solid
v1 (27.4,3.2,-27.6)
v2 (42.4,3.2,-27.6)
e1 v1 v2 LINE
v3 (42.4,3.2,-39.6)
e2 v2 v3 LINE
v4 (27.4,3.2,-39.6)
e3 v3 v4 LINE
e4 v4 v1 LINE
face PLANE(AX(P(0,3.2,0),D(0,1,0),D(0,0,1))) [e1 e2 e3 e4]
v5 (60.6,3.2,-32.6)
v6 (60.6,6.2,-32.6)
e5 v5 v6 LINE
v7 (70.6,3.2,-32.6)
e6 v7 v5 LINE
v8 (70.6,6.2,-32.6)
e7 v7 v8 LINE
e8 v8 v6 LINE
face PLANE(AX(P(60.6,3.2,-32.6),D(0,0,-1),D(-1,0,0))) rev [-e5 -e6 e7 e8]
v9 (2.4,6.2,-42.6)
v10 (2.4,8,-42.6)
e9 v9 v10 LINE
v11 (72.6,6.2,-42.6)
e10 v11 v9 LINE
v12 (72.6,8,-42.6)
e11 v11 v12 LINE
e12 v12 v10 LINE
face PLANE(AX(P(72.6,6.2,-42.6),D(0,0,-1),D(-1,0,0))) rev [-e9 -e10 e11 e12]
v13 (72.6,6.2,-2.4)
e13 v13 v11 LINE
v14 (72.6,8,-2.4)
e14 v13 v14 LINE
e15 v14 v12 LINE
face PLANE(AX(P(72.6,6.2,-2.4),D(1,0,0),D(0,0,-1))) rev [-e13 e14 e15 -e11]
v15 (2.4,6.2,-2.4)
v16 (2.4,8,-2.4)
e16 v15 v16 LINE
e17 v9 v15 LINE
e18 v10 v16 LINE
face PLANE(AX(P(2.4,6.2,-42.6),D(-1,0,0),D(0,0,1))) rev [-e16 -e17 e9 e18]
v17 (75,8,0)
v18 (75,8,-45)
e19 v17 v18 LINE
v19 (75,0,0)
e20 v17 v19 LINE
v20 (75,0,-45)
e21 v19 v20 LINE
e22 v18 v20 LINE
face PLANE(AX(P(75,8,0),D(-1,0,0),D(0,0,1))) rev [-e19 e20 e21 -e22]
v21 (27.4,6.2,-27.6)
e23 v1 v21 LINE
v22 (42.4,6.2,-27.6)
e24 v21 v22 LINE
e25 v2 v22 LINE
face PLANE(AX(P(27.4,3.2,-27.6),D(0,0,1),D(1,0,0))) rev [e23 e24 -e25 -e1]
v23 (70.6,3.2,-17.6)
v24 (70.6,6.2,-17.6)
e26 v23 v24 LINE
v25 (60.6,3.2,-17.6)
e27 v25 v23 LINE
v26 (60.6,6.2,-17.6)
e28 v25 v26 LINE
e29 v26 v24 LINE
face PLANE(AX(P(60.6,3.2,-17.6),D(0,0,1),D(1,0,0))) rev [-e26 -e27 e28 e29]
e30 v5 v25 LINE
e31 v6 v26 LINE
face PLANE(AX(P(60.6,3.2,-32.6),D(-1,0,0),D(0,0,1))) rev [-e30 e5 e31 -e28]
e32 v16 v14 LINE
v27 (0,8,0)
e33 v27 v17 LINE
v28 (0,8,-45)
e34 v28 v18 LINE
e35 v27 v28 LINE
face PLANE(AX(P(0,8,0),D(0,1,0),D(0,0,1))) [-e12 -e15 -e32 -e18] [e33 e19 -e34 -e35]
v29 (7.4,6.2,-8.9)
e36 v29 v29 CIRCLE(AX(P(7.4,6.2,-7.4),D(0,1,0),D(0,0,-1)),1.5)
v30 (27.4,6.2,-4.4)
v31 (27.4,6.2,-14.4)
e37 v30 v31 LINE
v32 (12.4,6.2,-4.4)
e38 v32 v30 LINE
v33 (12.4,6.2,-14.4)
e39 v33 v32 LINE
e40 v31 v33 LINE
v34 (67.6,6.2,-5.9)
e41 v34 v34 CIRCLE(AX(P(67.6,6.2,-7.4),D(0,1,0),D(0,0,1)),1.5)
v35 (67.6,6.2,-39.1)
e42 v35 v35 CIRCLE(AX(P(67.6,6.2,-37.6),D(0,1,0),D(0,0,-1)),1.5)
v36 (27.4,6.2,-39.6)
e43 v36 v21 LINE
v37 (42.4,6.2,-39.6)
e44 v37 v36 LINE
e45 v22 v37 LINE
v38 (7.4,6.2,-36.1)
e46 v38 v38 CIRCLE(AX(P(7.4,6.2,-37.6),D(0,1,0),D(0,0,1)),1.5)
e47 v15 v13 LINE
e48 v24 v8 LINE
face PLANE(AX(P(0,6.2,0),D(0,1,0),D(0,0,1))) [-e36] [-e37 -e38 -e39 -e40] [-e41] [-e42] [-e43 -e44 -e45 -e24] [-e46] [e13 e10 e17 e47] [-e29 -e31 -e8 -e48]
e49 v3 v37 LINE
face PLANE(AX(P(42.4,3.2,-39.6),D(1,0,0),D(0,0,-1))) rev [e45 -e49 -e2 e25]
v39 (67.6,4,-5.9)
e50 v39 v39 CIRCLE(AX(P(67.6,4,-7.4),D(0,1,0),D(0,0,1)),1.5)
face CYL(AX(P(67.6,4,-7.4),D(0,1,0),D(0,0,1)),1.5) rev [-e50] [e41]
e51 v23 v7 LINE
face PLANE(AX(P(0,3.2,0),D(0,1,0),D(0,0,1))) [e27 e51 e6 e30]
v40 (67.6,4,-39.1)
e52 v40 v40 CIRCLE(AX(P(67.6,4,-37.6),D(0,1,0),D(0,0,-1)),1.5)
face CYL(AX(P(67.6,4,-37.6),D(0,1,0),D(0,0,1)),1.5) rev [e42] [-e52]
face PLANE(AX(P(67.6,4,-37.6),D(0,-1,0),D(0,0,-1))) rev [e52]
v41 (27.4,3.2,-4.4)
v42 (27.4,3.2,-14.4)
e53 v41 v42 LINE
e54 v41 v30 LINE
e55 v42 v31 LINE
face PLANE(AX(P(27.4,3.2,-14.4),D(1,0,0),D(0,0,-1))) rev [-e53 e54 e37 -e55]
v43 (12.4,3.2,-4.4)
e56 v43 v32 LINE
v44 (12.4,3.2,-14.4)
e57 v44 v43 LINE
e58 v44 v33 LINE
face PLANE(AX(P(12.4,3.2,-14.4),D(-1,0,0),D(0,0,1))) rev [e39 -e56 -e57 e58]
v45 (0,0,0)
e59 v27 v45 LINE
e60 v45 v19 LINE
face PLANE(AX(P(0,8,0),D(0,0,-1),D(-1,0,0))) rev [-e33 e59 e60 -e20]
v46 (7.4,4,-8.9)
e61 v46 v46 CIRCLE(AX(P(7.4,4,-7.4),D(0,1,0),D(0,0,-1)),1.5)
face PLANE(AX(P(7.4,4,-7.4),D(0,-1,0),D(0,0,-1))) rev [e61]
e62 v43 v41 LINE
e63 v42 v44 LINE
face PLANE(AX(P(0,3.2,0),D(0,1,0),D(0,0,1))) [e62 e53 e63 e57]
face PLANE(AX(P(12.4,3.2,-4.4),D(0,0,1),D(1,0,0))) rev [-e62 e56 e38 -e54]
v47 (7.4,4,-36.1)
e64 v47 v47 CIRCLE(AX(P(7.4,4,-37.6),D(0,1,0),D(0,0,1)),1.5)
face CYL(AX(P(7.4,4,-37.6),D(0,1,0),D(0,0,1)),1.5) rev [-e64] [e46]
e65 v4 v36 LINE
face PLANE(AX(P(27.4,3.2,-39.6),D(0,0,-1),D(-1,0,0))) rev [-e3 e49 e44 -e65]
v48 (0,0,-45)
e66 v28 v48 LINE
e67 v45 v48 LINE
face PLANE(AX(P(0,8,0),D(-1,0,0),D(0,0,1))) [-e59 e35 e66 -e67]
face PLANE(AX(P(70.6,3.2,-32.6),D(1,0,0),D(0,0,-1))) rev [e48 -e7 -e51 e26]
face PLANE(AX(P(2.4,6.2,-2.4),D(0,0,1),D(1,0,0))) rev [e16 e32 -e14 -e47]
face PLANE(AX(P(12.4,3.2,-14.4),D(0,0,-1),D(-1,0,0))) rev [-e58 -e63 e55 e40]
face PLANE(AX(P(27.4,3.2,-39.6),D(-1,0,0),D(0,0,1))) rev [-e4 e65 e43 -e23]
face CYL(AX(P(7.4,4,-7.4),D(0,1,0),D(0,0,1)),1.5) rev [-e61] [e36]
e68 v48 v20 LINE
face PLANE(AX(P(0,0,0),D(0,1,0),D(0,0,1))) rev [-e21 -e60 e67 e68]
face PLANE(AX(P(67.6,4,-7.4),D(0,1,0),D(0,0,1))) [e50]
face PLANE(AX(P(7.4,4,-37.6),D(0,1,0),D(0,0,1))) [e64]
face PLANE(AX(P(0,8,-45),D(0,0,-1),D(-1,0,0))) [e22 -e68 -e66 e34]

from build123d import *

# Parameters (mm, degrees)
SKETCH_2_W          = 75
SKETCH_2_H          = 45
EXTRUDE_3_DEPTH     = 8
SKETCH_5_W          = 70.2
SKETCH_5_H          = 40.2
CUT_EXTRUDE_1_DEPTH = 1.8
SKETCH_7_R          = 1.5
CUT_EXTRUDE_4_DEPTH = 2.2
SKETCH_8_W          = 15
SKETCH_8_H          = 10
SKETCH_8_W_2        = 10
SKETCH_8_H_2        = 15
SKETCH_8_H_3        = 12
CUT_EXTRUDE_6_DEPTH = 3


with BuildPart() as part:
    # 草图2 → 凸台-拉伸3 (new body)
    with BuildSketch(Plane(origin=(0, 0, 0), x_dir=(1, 0, 0), z_dir=(0, 1, 0))):
        with Locations((37.5, 22.5)):
            Rectangle(SKETCH_2_W, SKETCH_2_H)
    extrude(amount=EXTRUDE_3_DEPTH)

    # 草图5 → 切除-拉伸1 (cut)
    with BuildSketch(Plane(origin=(0, 8, 0), x_dir=(1, 0, 0), z_dir=(0, 1, 0))):
        with Locations((37.5, 22.5)):
            Rectangle(SKETCH_5_W, SKETCH_5_H)
    extrude(amount=-CUT_EXTRUDE_1_DEPTH, mode=Mode.SUBTRACT)

    # 草图7 → 切除-拉伸4 (cut)
    with BuildSketch(Plane(origin=(0, 6.2, 0), x_dir=(1, 0, 0), z_dir=(0, 1, 0))):
        with Locations(Location((7.4, 37.6, 0), (0, 0, 270))):
            Circle(SKETCH_7_R)
        with Locations(Location((67.6, 37.6, 0), (0, 0, 90))):
            Circle(SKETCH_7_R)
        with Locations(Location((7.4, 7.4, 0), (0, 0, 90))):
            Circle(SKETCH_7_R)
        with Locations(Location((67.6, 7.4, 0), (0, 0, 270))):
            Circle(SKETCH_7_R)
    extrude(amount=-CUT_EXTRUDE_4_DEPTH, mode=Mode.SUBTRACT)

    # 草图8 → 切除-拉伸6 (cut)
    with BuildSketch(Plane(origin=(0, 6.2, 0), x_dir=(1, 0, 0), z_dir=(0, 1, 0))):
        with Locations((19.9, 9.4)):
            Rectangle(SKETCH_8_W, SKETCH_8_H)
        with Locations((65.6, 25.1)):
            Rectangle(SKETCH_8_W_2, SKETCH_8_H_2)
        with Locations((34.9, 33.6)):
            Rectangle(SKETCH_8_W, SKETCH_8_H_3)
    extrude(amount=-CUT_EXTRUDE_6_DEPTH, mode=Mode.SUBTRACT)


solid = part.part
